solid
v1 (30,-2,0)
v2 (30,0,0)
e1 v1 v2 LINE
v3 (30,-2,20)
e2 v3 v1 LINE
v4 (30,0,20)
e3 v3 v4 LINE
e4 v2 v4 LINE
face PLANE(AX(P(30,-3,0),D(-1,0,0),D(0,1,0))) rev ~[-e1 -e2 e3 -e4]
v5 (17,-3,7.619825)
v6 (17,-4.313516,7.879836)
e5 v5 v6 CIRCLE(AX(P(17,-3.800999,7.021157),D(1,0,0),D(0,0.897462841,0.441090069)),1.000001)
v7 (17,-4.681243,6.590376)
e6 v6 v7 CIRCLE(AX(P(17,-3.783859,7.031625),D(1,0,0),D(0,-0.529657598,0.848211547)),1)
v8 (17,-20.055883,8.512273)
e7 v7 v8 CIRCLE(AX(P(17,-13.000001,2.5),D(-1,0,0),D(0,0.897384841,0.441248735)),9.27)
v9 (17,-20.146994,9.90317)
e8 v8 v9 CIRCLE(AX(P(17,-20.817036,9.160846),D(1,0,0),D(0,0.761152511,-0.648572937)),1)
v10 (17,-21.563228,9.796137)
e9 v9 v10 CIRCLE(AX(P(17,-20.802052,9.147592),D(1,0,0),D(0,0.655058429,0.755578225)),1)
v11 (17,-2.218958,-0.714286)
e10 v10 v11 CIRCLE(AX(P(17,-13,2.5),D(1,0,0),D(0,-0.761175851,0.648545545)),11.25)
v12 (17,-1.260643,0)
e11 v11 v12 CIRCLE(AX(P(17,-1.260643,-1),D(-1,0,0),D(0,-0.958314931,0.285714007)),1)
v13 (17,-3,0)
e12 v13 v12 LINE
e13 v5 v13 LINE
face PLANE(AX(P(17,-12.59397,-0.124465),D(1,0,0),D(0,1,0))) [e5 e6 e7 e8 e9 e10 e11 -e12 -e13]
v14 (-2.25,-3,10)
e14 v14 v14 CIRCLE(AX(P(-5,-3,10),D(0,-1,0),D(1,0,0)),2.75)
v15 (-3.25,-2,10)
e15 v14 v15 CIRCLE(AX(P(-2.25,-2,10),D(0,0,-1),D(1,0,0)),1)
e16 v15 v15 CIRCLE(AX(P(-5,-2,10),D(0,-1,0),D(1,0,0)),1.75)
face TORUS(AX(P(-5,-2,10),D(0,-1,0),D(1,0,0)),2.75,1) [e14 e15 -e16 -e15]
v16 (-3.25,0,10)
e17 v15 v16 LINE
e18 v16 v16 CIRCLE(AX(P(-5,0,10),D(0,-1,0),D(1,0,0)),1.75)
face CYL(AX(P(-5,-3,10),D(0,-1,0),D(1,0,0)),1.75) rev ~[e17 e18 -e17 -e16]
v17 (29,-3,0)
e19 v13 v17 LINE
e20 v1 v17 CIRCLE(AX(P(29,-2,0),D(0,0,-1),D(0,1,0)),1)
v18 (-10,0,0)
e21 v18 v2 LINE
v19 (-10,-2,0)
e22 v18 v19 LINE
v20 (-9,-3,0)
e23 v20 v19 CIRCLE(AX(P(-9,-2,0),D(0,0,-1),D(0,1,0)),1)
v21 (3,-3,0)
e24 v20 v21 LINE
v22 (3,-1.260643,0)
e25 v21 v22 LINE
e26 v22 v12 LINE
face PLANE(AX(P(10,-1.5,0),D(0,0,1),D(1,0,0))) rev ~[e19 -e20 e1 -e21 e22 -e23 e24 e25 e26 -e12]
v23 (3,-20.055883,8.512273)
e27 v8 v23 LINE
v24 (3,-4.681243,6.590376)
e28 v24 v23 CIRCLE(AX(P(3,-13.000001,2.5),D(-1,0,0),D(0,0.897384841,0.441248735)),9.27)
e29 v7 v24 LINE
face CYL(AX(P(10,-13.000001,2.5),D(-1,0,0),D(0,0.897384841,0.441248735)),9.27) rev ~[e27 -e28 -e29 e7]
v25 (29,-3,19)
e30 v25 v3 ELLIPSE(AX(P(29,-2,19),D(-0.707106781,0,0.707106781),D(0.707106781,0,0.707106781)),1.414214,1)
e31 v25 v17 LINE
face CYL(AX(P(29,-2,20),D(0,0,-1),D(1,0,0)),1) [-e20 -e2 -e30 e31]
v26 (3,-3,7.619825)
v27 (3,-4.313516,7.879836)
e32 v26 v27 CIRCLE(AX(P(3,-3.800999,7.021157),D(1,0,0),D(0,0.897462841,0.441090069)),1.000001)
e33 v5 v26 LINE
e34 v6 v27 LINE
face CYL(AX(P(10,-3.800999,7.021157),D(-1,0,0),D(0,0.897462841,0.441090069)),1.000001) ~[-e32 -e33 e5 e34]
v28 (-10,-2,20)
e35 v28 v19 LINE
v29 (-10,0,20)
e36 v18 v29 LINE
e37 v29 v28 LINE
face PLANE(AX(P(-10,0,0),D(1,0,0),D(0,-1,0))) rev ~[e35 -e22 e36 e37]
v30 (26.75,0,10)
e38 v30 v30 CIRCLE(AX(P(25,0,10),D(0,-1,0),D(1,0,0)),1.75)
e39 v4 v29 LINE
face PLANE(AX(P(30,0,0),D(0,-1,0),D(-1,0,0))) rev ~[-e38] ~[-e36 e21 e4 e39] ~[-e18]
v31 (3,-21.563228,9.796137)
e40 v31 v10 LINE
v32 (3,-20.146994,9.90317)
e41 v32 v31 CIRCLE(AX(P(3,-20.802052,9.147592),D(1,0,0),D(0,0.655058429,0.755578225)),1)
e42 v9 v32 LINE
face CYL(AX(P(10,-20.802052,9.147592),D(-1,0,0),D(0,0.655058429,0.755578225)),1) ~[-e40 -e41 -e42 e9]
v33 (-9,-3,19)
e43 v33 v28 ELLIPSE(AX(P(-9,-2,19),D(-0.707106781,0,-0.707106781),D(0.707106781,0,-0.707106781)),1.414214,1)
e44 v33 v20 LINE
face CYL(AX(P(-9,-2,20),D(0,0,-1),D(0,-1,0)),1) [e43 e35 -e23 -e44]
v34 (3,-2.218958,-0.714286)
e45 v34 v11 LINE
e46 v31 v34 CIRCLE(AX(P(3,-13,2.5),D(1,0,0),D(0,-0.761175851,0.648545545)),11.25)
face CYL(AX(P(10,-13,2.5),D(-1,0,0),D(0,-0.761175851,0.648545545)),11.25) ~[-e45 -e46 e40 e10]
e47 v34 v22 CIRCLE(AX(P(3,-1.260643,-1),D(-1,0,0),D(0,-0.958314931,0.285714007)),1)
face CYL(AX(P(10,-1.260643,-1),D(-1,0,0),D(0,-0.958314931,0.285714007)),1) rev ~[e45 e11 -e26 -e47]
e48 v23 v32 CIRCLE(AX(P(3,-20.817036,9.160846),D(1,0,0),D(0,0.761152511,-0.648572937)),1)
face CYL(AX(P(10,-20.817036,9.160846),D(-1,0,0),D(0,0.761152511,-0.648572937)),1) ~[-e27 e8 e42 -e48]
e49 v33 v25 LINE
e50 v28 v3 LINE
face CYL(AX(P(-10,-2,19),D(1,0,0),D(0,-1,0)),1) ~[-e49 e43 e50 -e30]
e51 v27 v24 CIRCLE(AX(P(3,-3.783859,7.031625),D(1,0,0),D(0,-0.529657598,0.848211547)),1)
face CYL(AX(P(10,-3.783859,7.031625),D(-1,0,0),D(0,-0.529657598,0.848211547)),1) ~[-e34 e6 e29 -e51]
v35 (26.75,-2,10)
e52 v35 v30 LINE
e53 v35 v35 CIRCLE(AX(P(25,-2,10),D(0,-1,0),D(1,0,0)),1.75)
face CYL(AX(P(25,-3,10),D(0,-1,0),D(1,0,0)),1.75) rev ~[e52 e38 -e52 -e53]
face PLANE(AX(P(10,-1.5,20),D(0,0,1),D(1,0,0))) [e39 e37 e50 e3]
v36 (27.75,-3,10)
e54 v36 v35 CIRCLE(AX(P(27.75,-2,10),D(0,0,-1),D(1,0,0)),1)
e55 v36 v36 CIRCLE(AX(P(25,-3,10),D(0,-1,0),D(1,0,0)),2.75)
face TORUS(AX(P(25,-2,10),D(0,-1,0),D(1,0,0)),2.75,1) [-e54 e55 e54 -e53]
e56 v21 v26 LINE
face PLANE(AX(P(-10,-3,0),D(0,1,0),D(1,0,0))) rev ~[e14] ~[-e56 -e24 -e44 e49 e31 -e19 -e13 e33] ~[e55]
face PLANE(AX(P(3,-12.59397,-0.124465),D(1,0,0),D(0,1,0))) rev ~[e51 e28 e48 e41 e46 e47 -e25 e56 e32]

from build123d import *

# Parameters (mm, degrees)
F1_DEPTH = 5
F5_DEPTH = 7
F6_DEPTH = 7
F7_DEPTH = 20
F8_R     = 1.75
F9_DEPTH = 25
F10_R    = 1


with BuildPart() as f1:
    # F0 (on Top) → F1 (new body)
    with BuildSketch(Plane.XY):
        Polygon((20, 0), (0, 0), (-10, 0), (-10, -3), (-2.5, -3), (0, -3), (20.5, -3), (23.5, -3), (30, -3), (30, 0), align=None)
    extrude(amount=F1_DEPTH)

    # F4 (on offset) → F5 (join)
    with BuildSketch(Plane.YZ.offset(10)):
        with BuildLine():
            ThreePointArc((-20.146994, 9.90317), (-20.877413, 10.144748), (-21.563228, 9.796137))
            ThreePointArc((-21.563228, 9.796137), (-18.370933, -7.385119), (-2.218958, -0.714286))
            ThreePointArc((-2.218958, -0.714286), (-1.858257, -0.198216), (-1.260643, 0))
            Line((-1.260643, 0), (0, 0))
            Line((0, 0), (0, 5))
            Line((0, 5), (-1.260643, 5))
            ThreePointArc((-1.260643, 5), (-1.858257, 5.198216), (-2.218958, 5.714286))
            ThreePointArc((-2.218958, 5.714286), (-2.524724, 6.602571), (-2.903535, 7.462248))
            ThreePointArc((-2.903535, 7.462248), (-3.517026, 7.979991), (-4.313516, 7.879836))
            ThreePointArc((-4.313516, 7.879836), (-4.745518, 7.30587), (-4.681243, 6.590376))
            ThreePointArc((-4.681243, 6.590376), (-14.149841, -6.698411), (-20.055883, 8.512273))
            ThreePointArc((-20.055883, 8.512273), (-19.819174, 9.226211), (-20.146994, 9.90317))
        make_face()
    extrude(amount=-F5_DEPTH)

    # F4 (on offset) → F6 (join)
    with BuildSketch(Plane.YZ.offset(10)):
        with BuildLine():
            ThreePointArc((-20.146994, 9.90317), (-20.877413, 10.144748), (-21.563228, 9.796137))
            ThreePointArc((-21.563228, 9.796137), (-18.370933, -7.385119), (-2.218958, -0.714286))
            ThreePointArc((-2.218958, -0.714286), (-1.858257, -0.198216), (-1.260643, 0))
            Line((-1.260643, 0), (0, 0))
            Line((0, 0), (0, 5))
            Line((0, 5), (-1.260643, 5))
            ThreePointArc((-1.260643, 5), (-1.858257, 5.198216), (-2.218958, 5.714286))
            ThreePointArc((-2.218958, 5.714286), (-2.524724, 6.602571), (-2.903535, 7.462248))
            ThreePointArc((-2.903535, 7.462248), (-3.517026, 7.979991), (-4.313516, 7.879836))
            ThreePointArc((-4.313516, 7.879836), (-4.745518, 7.30587), (-4.681243, 6.590376))
            ThreePointArc((-4.681243, 6.590376), (-14.149841, -6.698411), (-20.055883, 8.512273))
            ThreePointArc((-20.055883, 8.512273), (-19.819174, 9.226211), (-20.146994, 9.90317))
        make_face()
    extrude(amount=F6_DEPTH)

    # F0 (on Top) → F7 (join)
    with BuildSketch(Plane.XY):
        Polygon((20, 0), (0, 0), (-10, 0), (-10, -3), (-2.5, -3), (0, -3), (20.5, -3), (23.5, -3), (30, -3), (30, 0), align=None)
    extrude(amount=F7_DEPTH)

    # F8 (on face) → F9 (cut)
    with BuildSketch(Plane.XZ.offset(3)):
        with Locations((-5, 10)):
            Circle(F8_R)
        with Locations((25, 10)):
            Circle(F8_R)
    extrude(amount=-F9_DEPTH, mode=Mode.SUBTRACT)

    # F10
    f10_edges = [f1.edges().sort_by_distance(p)[0] for p in [
        (10, -3, 20),
        (30, -3, 10),
        (-10, -3, 10),
        (-6.75, -3, 10),
        (23.25, -3, 10),
    ]]
    fillet(f10_edges, radius=F10_R)


solid = f1.part
